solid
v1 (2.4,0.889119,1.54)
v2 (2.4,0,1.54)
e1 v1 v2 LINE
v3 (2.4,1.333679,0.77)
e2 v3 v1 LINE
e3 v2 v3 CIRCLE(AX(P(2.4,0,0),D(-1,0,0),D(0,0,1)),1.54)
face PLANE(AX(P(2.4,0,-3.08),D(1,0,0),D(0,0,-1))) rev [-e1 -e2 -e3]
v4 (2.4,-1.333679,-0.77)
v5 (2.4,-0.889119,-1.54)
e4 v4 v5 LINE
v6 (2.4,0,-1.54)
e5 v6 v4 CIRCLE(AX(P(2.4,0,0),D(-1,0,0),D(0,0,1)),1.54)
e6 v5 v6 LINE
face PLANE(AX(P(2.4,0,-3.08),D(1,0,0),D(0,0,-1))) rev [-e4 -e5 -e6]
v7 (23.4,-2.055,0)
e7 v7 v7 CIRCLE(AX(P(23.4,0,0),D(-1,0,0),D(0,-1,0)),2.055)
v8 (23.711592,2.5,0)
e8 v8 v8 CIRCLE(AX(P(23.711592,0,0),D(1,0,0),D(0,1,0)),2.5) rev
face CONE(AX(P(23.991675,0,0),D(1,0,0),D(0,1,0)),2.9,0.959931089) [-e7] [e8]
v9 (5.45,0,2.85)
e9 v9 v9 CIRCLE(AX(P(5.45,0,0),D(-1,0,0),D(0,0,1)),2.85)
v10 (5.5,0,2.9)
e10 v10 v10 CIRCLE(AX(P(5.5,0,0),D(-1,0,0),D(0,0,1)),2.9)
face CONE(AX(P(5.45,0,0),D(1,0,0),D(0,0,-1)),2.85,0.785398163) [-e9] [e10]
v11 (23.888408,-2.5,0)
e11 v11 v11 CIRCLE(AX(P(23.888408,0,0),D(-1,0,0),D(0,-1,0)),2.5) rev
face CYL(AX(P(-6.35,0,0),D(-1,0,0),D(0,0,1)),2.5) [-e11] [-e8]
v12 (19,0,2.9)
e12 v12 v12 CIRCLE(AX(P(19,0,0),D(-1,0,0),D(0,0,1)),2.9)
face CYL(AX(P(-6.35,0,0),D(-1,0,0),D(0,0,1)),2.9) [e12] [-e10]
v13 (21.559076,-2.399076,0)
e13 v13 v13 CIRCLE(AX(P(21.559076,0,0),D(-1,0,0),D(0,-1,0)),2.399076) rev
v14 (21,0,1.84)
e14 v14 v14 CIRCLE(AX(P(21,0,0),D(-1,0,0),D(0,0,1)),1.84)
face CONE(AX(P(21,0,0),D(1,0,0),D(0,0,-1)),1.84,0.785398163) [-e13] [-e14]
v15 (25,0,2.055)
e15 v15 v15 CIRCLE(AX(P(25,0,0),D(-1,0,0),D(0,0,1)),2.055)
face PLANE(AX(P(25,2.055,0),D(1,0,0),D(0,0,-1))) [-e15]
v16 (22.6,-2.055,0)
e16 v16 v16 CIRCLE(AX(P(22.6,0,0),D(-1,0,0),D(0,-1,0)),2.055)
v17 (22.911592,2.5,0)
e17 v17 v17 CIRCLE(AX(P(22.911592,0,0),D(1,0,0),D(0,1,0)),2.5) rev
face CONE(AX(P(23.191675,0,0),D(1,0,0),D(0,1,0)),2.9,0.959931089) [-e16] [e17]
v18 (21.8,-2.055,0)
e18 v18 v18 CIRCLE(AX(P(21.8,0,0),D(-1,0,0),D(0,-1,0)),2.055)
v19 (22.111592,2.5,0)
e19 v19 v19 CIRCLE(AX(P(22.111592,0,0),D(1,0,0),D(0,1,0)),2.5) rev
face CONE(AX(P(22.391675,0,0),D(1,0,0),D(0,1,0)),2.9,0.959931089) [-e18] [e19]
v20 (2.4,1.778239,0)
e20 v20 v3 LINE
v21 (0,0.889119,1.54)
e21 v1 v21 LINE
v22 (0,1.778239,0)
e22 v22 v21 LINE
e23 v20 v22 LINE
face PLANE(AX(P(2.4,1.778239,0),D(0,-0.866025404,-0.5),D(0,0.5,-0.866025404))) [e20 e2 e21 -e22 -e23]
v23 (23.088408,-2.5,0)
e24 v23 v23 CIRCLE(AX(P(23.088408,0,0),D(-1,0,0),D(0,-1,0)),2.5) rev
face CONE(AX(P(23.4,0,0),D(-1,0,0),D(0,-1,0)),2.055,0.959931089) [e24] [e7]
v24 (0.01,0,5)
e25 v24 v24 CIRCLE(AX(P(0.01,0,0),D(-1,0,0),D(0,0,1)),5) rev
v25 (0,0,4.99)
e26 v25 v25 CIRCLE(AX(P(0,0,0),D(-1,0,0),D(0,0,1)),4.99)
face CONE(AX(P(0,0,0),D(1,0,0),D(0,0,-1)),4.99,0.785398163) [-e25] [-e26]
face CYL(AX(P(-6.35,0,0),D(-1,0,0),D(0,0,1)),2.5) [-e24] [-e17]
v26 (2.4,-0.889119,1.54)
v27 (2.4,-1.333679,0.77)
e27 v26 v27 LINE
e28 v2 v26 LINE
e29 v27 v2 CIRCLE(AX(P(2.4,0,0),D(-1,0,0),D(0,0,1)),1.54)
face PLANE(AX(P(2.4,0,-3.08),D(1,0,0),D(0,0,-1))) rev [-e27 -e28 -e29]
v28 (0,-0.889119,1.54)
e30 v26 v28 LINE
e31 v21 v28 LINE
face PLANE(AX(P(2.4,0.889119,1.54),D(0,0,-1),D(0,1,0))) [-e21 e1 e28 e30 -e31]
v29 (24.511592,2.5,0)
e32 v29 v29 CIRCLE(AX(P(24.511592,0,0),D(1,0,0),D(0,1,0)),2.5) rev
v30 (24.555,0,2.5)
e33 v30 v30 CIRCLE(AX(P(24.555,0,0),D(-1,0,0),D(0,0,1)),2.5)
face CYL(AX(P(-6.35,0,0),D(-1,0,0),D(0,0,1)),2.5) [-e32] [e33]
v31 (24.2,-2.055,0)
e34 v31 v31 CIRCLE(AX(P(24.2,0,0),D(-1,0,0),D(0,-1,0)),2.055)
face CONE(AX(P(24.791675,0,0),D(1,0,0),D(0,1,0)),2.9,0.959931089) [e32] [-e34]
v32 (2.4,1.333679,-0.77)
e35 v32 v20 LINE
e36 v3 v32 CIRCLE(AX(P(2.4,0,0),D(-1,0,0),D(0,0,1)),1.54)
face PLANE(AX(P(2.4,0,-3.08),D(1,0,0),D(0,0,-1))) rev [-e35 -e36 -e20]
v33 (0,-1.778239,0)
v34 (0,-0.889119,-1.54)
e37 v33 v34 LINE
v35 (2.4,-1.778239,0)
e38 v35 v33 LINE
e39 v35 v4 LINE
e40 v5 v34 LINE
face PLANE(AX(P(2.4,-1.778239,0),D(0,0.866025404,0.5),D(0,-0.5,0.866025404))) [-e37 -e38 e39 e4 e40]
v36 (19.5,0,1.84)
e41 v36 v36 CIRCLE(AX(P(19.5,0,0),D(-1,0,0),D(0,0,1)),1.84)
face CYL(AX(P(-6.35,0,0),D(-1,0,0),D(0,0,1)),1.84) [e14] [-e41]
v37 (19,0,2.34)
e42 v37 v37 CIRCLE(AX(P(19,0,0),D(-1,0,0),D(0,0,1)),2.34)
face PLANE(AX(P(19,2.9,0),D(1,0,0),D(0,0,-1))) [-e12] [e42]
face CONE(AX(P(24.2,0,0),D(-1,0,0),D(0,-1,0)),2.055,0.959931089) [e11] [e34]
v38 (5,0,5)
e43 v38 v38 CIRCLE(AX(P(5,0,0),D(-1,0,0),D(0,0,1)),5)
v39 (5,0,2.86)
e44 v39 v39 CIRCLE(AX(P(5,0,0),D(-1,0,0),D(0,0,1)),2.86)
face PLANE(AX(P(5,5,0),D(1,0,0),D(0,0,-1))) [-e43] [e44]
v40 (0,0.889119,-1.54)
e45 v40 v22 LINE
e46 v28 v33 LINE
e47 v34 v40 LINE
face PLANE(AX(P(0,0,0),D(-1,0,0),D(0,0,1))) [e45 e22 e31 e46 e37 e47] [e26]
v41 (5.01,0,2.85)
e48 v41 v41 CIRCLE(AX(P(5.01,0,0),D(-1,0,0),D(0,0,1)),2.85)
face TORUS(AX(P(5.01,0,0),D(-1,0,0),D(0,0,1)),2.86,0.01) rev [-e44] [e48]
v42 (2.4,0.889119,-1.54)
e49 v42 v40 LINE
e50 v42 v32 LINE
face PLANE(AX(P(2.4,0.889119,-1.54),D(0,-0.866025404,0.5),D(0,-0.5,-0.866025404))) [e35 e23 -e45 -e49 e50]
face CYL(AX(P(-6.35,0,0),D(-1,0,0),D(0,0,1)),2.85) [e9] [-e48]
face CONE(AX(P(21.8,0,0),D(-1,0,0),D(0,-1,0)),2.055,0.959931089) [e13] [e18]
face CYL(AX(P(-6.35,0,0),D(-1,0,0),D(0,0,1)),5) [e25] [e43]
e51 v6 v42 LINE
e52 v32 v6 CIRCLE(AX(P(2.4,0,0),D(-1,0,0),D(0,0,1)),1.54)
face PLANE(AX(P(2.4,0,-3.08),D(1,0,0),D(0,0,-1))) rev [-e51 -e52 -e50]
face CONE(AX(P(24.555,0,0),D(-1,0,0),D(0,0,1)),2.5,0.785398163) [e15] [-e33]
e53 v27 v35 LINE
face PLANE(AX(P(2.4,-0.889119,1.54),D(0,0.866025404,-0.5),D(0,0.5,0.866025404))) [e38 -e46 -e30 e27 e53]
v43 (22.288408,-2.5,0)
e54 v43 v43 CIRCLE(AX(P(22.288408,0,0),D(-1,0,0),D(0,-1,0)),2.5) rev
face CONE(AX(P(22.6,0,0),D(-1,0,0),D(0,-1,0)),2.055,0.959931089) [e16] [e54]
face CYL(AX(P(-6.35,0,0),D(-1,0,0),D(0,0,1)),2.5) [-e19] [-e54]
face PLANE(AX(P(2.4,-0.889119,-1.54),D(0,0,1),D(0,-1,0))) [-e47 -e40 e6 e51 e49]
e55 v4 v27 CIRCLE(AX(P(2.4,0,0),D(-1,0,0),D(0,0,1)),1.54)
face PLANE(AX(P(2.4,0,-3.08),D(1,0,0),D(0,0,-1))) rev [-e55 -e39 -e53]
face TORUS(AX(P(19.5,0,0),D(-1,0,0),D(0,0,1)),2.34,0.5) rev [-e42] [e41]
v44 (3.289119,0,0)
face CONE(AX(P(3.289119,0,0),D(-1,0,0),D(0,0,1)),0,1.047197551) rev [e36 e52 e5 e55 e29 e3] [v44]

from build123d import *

# Parameters (mm, degrees)
CHAMFER1_SIZE   = 0.01
HEX_2_DEPTH     = 2.4
THDSCHPAT_COUNT = 4
THDSCHPAT_PITCH = 0.8


with BuildPart() as part:
    # BodySke → BaseBody (revolve)
    with BuildSketch(Plane.XY, mode=Mode.PRIVATE) as basebody_sk:
        with BuildLine():
            Line((0, 0), (0, 5))
            Line((0, 5), (5, 5))
            Line((5, 5), (5, 2.86))
            ThreePointArc((5, 2.86), (5.002928932, 2.852928932), (5.01, 2.85))
            Line((5.01, 2.85), (5.45, 2.85))
            Line((5.45, 2.85), (5.5, 2.9))
            Line((5.5, 2.9), (19, 2.9))
            Line((19, 2.9), (19, 2.34))
            ThreePointArc((19, 2.34), (19.146446609, 1.986446609), (19.5, 1.84))
            Line((19.5, 1.84), (21, 1.84))
            Line((21, 1.84), (21.66, 2.5))
            Line((21.66, 2.5), (24.555, 2.5))
            Line((24.555, 2.5), (25, 2.055))
            Line((25, 2.055), (25, 0))
            Line((25, 0), (0, 0))
        make_face()
    revolve(basebody_sk.sketch.rotate(Axis((-6.35, 0, 0), (1, 0, 0)), 90), axis=Axis((-6.35, 0, 0), (1, 0, 0)))

    # Chamfer1
    chamfer1_edges = [part.edges().sort_by_distance(p)[0] for p in [
        (0, 0, -5),
    ]]
    chamfer(chamfer1_edges, length=CHAMFER1_SIZE)

    # Sketch2 → PreBroach (revolve, cut)
    with BuildSketch(Plane.XY, mode=Mode.PRIVATE) as prebroach_sk:
        Polygon((0, 1.54), (2.4, 1.54), (3.289119415, 0), (0, 0), align=None)
    revolve(prebroach_sk.sketch.rotate(Axis((0, 0, 0), (1, 0, 0)), 90), axis=Axis((0, 0, 0), (1, 0, 0)), mode=Mode.SUBTRACT)

    # Sketch3 → Hex 2 (cut)
    with BuildSketch(Plane.ZY):
        Polygon((-1.54, -0.889119415), (-1.54, 0.889119415), (0, 1.778238829), (1.54, 0.889119415), (1.54, -0.889119415), (0, -1.778238829), align=None)
    extrude(amount=-HEX_2_DEPTH, mode=Mode.SUBTRACT)

    # ThdSchSke → ThreadSchematic (revolve, cut)
    with BuildSketch(Plane.XY):
        Polygon((21.8, -2.055), (21.20832463, -2.9), (21.20832463, -3.625), (22.39167537, -3.625), (22.39167537, -2.9), align=None)
    threadschematic = revolve(axis=Axis((-3.175, 0, 0), (1, 0, 0)), mode=Mode.SUBTRACT)

    # ThdSchPat: ThreadSchematic ×4
    with Locations(*[(i * THDSCHPAT_PITCH, 0, 0) for i in range(1, THDSCHPAT_COUNT)]):
        add(threadschematic, mode=Mode.SUBTRACT)


solid = part.part
